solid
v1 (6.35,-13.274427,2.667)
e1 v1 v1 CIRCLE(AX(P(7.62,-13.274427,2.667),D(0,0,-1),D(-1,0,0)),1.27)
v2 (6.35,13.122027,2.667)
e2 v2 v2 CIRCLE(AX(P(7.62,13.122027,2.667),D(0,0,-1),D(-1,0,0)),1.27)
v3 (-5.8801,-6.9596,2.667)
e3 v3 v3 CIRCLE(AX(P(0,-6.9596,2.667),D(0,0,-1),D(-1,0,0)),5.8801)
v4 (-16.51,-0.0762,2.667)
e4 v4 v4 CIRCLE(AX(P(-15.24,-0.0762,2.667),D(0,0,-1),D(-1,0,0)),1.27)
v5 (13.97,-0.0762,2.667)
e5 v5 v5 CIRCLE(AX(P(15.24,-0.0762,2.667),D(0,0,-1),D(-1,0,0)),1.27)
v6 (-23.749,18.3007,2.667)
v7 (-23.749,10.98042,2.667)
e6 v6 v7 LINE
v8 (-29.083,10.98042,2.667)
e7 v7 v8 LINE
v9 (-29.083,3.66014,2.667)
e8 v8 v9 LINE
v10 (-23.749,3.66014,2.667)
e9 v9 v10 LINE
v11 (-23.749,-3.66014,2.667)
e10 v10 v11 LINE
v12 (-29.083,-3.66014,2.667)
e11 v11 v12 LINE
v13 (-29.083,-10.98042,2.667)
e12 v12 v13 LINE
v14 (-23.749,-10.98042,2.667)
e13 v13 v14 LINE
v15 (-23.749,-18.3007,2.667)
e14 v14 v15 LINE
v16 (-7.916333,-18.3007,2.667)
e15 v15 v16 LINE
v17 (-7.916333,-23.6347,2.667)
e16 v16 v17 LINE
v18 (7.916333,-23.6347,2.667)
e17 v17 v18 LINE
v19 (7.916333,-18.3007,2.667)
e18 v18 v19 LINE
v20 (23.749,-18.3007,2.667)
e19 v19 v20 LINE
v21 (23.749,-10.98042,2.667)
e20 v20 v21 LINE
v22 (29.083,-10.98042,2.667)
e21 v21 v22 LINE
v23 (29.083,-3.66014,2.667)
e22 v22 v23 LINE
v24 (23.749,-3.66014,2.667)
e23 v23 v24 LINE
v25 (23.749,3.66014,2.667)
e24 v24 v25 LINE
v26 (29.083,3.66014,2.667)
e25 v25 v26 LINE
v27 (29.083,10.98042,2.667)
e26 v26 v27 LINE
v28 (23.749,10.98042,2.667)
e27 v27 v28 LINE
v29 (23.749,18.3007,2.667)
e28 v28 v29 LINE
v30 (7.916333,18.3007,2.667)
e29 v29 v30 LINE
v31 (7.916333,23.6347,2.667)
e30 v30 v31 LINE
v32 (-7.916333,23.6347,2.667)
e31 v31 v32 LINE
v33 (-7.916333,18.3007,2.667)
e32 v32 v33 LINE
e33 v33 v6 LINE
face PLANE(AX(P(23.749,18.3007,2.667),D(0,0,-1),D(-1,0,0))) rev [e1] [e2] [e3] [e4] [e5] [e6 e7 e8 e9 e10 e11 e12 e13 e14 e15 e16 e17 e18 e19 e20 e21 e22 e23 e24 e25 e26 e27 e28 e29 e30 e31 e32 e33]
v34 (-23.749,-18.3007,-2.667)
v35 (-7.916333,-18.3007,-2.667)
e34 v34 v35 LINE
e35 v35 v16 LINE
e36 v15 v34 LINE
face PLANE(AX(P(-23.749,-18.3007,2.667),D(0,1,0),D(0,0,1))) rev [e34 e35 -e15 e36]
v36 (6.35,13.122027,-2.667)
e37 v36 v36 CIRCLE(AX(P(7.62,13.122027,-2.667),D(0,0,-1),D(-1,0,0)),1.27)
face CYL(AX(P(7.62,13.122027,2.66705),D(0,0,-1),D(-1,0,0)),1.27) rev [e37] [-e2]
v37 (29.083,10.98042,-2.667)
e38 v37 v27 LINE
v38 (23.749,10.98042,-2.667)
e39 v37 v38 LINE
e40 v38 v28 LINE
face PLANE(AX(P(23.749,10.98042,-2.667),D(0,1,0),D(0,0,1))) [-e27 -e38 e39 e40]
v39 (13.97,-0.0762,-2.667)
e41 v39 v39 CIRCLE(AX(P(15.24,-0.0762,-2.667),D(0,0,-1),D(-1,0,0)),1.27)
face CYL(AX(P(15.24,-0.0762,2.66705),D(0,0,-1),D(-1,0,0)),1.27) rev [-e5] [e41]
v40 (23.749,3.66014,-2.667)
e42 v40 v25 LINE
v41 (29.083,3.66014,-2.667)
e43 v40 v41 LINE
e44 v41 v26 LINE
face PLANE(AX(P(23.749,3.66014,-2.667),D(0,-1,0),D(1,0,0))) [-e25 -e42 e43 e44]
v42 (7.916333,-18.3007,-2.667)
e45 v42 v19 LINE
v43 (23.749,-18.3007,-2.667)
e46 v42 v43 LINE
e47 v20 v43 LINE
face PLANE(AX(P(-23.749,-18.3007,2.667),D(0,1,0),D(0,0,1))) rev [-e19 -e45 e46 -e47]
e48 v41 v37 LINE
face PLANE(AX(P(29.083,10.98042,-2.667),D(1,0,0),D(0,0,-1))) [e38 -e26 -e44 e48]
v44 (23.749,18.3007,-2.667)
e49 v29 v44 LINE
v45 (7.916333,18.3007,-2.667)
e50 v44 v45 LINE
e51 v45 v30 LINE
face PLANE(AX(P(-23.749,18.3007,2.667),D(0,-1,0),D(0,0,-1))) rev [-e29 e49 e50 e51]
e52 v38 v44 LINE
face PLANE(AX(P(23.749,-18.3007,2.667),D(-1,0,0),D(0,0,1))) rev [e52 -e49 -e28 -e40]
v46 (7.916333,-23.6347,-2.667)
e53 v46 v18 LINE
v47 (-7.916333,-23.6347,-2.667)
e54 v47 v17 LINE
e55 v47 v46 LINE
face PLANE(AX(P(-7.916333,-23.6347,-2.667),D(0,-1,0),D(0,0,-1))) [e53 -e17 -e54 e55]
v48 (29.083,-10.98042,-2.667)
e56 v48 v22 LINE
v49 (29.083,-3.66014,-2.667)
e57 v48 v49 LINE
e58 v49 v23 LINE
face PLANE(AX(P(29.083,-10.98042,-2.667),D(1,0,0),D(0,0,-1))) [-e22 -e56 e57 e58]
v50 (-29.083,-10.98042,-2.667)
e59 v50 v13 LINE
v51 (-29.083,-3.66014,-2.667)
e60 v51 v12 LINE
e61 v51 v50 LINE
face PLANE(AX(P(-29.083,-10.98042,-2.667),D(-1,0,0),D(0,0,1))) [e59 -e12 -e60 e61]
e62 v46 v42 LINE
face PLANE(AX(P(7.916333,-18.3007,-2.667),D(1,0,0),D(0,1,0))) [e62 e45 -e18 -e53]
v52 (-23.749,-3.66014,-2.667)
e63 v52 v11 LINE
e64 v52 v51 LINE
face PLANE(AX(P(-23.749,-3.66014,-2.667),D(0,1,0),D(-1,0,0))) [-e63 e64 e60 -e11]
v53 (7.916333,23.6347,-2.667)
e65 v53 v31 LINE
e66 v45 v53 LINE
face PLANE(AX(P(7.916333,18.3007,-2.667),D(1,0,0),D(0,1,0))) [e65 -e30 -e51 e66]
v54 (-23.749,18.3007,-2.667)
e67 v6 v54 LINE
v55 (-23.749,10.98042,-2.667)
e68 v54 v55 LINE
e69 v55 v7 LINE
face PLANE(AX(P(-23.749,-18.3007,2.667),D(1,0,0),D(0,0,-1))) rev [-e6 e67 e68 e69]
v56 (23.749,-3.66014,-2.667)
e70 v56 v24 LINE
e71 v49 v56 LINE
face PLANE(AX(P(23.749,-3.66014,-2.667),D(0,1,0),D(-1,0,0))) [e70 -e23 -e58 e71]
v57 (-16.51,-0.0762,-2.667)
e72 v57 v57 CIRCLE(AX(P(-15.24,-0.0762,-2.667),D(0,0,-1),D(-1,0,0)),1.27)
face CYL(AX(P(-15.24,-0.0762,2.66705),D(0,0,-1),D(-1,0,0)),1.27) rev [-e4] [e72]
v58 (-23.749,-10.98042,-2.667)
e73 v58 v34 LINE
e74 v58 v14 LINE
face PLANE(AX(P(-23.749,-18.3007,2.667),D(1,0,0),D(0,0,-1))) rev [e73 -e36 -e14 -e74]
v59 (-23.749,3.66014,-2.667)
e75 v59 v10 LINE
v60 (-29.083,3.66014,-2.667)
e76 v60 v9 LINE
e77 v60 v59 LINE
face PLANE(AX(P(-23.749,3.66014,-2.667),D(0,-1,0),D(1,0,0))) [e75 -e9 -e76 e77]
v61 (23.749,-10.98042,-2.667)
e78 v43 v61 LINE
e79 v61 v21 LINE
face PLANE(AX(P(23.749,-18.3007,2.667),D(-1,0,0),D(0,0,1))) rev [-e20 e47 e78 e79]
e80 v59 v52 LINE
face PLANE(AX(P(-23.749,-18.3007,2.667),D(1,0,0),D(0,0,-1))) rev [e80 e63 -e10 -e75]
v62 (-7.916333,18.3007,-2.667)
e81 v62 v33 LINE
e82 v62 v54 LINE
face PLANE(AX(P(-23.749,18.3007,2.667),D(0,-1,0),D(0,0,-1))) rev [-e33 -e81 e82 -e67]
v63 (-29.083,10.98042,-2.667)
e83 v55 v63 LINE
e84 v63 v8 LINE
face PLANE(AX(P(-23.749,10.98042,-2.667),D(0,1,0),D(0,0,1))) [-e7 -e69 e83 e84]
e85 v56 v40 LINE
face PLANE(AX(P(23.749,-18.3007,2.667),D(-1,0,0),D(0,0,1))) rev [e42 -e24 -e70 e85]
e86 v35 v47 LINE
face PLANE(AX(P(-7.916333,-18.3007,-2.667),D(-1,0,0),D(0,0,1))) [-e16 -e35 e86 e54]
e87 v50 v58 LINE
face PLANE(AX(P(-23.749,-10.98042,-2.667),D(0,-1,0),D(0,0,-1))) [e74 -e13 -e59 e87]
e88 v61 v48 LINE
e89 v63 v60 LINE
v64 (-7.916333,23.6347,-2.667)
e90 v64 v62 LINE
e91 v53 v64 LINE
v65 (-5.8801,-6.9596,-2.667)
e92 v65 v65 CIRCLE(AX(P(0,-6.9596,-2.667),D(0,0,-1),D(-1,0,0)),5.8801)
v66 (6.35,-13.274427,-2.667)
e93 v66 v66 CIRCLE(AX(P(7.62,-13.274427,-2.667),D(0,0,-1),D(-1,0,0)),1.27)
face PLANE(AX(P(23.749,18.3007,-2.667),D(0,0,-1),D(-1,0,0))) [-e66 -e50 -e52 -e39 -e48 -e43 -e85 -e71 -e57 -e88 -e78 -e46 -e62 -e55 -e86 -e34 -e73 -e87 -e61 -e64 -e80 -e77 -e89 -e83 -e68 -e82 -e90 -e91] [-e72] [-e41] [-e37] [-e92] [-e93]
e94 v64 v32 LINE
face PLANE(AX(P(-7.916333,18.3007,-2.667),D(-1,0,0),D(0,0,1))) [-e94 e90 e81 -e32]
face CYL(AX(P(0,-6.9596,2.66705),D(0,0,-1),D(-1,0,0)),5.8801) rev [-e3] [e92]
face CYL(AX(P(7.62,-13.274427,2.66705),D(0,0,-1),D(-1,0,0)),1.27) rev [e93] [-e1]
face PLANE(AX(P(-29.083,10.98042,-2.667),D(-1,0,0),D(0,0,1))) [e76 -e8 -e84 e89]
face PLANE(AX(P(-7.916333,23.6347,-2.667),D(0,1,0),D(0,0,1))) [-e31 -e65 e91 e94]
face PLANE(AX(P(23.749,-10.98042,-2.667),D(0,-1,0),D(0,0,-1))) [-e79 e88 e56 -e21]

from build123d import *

# Parameters (mm, degrees)
SKETCH1_W           = 47.498
SKETCH1_H           = 36.6014
BOSS_EXTRUDE1_DEPTH = 2.667
SKETCH3_W           = 5.334
SKETCH3_H           = 7.32028
BOSS_EXTRUDE3_DEPTH = 5.334
SKETCH5_W           = 15.832666666
SKETCH5_H           = 5.334
BOSS_EXTRUDE4_DEPTH = 5.334
SKETCH6_R           = 1.27
SKETCH6_R_2         = 5.8801
CUT_EXTRUDE1_DEPTH  = 38.853289013


with BuildPart() as part:
    # Sketch1 → Boss-Extrude1 (new, symmetric)
    with BuildSketch(Plane.XY):
        Rectangle(SKETCH1_W, SKETCH1_H)
    extrude(amount=BOSS_EXTRUDE1_DEPTH, both=True)

    # Sketch3 → Boss-Extrude3 (add)
    with BuildSketch(Plane.XY.offset(2.667)):
        with Locations((-26.416, 7.32028)):
            Rectangle(SKETCH3_W, SKETCH3_H)
        with Locations((-26.416, -7.32028)):
            Rectangle(SKETCH3_W, SKETCH3_H)
        with Locations((26.416, -7.32028)):
            Rectangle(SKETCH3_W, SKETCH3_H)
        with Locations((26.416, 7.32028)):
            Rectangle(SKETCH3_W, SKETCH3_H)
    extrude(amount=-BOSS_EXTRUDE3_DEPTH)

    # Sketch5 → Boss-Extrude4 (add)
    with BuildSketch(Plane.XY.offset(2.667)):
        with Locations((0, -20.9677)):
            Rectangle(SKETCH5_W, SKETCH5_H)
        with Locations((0, 20.9677)):
            Rectangle(SKETCH5_W, SKETCH5_H)
    extrude(amount=-BOSS_EXTRUDE4_DEPTH)

    # Sketch6 → Cut-Extrude1 (cut, through all)
    with BuildSketch(Plane(origin=(0, 0, -2.667), x_dir=(-1, 0, 0), z_dir=(0, 0, -1))):
        with Locations((-15.24, -0.0762)):
            Circle(SKETCH6_R)
        with Locations((-7.62, -13.274427096)):
            Circle(SKETCH6_R)
        with Locations((15.24, -0.0762)):
            Circle(SKETCH6_R)
        with Locations((-7.61999995, 13.122027183)):
            Circle(SKETCH6_R)
        with Locations((0, -6.9596)):
            Circle(SKETCH6_R_2)
    extrude(amount=-CUT_EXTRUDE1_DEPTH, mode=Mode.SUBTRACT)


solid = part.part
